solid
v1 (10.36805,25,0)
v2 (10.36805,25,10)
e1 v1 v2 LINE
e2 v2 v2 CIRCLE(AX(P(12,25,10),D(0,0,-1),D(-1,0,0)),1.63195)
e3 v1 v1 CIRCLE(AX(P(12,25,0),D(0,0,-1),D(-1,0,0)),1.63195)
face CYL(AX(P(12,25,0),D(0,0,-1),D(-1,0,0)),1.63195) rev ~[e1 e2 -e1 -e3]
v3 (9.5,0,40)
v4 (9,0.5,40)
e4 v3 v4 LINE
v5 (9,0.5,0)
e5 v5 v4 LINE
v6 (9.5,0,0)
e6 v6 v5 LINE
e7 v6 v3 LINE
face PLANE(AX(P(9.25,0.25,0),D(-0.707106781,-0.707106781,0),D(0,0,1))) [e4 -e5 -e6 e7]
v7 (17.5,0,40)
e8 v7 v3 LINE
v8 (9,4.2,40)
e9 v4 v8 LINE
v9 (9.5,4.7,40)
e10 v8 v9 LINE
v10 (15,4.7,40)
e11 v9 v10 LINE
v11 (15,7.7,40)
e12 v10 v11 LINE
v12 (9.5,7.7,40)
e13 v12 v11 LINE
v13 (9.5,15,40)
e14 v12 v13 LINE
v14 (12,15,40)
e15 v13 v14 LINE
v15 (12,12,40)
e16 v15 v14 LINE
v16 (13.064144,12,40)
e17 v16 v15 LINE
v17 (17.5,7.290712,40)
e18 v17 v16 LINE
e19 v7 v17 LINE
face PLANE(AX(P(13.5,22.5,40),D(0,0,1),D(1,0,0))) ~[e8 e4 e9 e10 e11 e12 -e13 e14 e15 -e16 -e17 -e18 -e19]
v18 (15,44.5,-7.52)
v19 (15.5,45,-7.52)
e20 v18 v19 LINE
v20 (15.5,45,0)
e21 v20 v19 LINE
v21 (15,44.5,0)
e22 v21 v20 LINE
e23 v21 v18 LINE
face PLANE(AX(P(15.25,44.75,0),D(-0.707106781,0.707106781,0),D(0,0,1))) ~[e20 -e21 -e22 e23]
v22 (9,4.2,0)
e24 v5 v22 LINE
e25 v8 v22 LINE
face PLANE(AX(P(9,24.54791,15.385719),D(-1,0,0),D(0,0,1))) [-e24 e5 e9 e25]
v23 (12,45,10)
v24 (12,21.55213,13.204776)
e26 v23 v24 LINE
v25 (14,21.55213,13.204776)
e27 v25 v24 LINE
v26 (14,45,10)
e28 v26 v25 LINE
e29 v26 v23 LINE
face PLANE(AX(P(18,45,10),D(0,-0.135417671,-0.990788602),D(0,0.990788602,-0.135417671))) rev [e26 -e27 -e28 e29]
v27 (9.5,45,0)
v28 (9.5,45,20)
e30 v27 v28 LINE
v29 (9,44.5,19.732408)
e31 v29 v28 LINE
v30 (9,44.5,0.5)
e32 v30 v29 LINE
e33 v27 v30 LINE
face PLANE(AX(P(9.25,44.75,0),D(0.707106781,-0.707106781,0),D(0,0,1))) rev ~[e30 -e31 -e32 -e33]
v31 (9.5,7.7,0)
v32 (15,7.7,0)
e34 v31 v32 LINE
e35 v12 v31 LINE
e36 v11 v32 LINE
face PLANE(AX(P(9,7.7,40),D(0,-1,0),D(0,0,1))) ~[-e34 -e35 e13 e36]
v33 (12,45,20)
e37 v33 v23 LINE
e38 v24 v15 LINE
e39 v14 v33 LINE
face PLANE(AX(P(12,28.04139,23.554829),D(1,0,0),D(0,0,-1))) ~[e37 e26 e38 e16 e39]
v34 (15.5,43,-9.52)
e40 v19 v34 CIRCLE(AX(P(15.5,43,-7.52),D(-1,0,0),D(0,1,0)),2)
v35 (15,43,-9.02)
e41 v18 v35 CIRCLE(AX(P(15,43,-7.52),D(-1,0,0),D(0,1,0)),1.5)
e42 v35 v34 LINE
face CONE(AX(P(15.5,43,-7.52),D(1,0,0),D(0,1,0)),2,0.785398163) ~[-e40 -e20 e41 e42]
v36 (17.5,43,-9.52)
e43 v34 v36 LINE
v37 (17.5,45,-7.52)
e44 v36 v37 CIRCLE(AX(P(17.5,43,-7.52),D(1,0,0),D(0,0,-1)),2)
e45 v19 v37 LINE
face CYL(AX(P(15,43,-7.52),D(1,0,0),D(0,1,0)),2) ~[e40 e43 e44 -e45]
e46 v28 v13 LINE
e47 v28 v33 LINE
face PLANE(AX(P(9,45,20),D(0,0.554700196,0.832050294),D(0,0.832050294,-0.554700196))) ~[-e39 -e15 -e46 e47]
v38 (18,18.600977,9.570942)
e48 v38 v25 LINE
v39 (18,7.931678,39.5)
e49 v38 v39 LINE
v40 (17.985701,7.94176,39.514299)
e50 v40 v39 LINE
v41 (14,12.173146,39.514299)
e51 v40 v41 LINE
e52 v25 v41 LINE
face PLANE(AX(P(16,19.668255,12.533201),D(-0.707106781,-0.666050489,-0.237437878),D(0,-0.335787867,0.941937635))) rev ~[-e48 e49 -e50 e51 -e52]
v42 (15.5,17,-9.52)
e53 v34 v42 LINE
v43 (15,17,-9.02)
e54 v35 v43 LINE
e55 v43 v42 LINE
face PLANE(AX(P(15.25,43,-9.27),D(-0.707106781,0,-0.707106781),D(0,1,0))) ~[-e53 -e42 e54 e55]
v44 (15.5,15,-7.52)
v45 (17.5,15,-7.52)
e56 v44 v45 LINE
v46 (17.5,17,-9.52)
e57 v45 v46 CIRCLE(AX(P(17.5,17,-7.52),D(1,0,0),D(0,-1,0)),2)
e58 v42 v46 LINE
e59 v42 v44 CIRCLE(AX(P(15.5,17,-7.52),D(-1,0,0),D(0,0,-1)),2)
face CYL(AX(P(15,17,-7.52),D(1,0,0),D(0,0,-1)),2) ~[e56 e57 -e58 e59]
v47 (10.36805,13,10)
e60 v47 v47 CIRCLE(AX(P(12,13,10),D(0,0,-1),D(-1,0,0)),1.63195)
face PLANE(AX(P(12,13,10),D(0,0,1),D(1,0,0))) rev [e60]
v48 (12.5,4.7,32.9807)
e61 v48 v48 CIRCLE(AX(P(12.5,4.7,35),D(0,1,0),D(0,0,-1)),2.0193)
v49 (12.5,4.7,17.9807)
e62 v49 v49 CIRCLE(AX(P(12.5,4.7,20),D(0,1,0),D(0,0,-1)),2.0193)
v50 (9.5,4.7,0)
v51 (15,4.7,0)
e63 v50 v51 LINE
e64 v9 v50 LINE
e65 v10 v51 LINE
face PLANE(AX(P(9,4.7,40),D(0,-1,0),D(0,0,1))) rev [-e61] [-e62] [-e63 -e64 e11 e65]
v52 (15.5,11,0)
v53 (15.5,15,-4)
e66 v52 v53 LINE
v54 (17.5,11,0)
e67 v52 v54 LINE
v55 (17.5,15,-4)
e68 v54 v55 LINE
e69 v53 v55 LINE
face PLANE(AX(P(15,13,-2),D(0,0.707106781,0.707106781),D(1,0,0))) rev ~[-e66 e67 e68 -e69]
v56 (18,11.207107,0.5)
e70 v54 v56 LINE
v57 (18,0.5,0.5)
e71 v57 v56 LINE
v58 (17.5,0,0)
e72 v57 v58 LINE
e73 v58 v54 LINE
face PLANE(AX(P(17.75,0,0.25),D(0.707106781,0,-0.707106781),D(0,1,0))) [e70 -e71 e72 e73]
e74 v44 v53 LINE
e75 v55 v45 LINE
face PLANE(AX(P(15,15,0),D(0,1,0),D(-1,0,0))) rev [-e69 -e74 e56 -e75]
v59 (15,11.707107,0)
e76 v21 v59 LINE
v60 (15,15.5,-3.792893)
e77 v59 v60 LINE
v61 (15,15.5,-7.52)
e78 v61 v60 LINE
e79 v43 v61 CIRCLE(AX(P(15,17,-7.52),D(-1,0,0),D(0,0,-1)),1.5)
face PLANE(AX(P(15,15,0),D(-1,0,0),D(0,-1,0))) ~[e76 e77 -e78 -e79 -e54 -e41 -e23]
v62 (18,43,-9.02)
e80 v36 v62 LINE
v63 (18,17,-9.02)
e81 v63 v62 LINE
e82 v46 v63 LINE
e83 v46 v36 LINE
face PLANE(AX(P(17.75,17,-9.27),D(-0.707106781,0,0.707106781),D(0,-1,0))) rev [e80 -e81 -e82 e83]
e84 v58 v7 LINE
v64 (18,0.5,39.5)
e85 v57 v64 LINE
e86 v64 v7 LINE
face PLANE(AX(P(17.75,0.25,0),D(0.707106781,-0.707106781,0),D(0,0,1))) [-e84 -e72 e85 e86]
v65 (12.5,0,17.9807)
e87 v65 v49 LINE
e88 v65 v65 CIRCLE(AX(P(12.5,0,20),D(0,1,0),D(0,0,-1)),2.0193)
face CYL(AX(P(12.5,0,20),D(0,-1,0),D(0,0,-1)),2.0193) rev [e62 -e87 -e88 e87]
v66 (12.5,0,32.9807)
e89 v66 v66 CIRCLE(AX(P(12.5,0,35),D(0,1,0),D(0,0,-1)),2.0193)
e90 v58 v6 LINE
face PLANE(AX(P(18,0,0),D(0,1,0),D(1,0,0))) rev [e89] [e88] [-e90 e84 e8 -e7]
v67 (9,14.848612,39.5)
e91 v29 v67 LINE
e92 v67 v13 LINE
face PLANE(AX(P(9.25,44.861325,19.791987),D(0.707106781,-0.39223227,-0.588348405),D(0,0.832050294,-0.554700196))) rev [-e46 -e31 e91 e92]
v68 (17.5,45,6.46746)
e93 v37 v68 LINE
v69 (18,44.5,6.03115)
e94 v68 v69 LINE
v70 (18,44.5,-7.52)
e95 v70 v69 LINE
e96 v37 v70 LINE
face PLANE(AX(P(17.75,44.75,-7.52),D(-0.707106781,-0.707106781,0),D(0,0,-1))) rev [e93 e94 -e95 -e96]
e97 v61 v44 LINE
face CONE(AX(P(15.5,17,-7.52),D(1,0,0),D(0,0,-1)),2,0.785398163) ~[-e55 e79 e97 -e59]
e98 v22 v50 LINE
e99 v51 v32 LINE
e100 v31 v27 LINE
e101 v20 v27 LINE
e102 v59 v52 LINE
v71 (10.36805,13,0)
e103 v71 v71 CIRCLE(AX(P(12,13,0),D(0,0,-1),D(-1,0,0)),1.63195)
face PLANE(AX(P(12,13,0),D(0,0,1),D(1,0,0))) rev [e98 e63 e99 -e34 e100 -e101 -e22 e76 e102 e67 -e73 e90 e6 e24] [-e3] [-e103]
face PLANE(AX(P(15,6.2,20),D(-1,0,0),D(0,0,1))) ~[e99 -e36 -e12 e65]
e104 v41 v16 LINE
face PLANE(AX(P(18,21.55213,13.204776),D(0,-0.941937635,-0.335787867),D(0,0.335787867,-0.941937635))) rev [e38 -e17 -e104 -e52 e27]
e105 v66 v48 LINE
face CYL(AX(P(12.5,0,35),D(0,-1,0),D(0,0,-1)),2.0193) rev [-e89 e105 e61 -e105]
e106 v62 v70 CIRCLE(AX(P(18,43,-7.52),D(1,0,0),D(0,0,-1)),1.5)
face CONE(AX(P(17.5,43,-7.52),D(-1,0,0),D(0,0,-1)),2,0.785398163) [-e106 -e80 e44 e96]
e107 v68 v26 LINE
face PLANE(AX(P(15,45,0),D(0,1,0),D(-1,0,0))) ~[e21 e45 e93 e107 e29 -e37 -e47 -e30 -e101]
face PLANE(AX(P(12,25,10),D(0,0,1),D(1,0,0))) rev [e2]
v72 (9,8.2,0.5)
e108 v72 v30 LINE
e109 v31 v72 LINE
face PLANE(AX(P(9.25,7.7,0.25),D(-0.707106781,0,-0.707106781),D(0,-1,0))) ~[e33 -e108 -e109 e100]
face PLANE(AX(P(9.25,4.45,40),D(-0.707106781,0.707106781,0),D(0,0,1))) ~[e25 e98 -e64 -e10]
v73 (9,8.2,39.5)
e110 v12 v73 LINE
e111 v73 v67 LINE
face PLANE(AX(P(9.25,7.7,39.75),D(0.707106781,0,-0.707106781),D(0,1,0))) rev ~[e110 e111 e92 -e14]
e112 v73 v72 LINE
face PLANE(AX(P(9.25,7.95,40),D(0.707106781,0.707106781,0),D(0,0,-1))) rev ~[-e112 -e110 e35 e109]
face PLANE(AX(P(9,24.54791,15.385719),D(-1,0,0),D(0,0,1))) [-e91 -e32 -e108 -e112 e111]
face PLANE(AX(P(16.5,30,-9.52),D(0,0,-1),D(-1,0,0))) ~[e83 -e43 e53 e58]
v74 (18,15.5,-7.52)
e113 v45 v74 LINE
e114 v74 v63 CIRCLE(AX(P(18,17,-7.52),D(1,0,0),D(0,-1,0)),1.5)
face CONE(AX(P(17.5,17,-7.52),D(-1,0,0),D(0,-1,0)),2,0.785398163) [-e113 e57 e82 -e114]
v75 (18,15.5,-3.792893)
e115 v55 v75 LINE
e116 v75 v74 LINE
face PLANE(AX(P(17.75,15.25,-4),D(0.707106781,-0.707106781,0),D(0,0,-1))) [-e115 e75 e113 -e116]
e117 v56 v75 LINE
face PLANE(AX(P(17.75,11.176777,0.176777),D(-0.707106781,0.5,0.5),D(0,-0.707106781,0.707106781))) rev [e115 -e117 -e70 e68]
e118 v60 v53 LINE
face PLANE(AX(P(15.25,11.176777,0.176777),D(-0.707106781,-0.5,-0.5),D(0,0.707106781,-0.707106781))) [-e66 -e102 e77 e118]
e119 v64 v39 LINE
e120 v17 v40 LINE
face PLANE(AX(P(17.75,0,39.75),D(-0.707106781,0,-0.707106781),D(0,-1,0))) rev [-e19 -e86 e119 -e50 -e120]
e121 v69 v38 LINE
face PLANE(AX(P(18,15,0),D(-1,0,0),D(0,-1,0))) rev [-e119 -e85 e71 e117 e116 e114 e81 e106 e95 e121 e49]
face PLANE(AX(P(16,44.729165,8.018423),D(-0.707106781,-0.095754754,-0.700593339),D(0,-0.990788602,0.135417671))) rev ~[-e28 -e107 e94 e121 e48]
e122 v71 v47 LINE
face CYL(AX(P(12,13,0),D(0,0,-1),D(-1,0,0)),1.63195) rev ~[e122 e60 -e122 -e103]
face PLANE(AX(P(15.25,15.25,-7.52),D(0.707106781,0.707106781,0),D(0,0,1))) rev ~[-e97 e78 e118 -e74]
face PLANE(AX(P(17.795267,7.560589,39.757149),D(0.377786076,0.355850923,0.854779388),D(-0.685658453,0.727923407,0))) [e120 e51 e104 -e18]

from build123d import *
from OCP.BRepFilletAPI import BRepFilletAPI_MakeChamfer

# Parameters (mm, degrees)
SKETCH1_W           = 9
SKETCH1_H           = 45
SKETCH1_R           = 1.63195
BOSS_EXTRUDE1_DEPTH = 40
SKETCH1_3_R         = 1.63195
CUT_EXTRUDE1_DEPTH  = 10
SKETCH2_W           = 40
SKETCH2_H           = 3
CUT_EXTRUDE2_DEPTH  = 6
CUT_EXTRUDE3_DEPTH  = 9
CUT_EXTRUDE4_DEPTH  = 6
CHAMFER2_SIZE       = 4
SKETCH6_R           = 2.0193
CUT_EXTRUDE5_DEPTH  = 6
SKETCH7_W           = 3
SKETCH7_H           = 30
BOSS_EXTRUDE3_DEPTH = 9.52
CHAMFER3_SIZE       = 4
FILLET1_R           = 2
CHAMFER4_SIZE       = 0.5
CHAMFER4_SIZE2      = 0.681231536
SKETCH8_W           = 73.765636672
SKETCH8_H           = 62.769253432
CUT_EXTRUDE6_DEPTH  = 9


with BuildPart() as part:
    # Sketch1 → Boss-Extrude1 (new body)
    # profile 1 of 3: a face of its own
    with BuildSketch(Plane.XY):
        with Locations((4.5, 22.5)):
            Rectangle(SKETCH1_W, SKETCH1_H)
        with Locations((6, 13)):
            Circle(SKETCH1_R, mode=Mode.SUBTRACT)
        with Locations((6, 25)):
            Circle(SKETCH1_R, mode=Mode.SUBTRACT)
    # profile 2 of 3: a face of its own
    with BuildSketch(Plane.XY):
        with Locations((6, 25)):
            Circle(SKETCH1_R)
    # profile 3 of 3: a face of its own
    with BuildSketch(Plane.XY):
        with Locations((6, 13)):
            Circle(SKETCH1_R)
    extrude(amount=BOSS_EXTRUDE1_DEPTH)

    # Sketch1<3> → Cut-Extrude1 (cut)
    with BuildSketch(Plane.XY):
        with Locations((6, 25)):
            Circle(SKETCH1_3_R)
        with Locations((6, 13)):
            Circle(SKETCH1_3_R)
    extrude(amount=CUT_EXTRUDE1_DEPTH, mode=Mode.SUBTRACT)

    # Sketch2 → Cut-Extrude2 (cut)
    with BuildSketch(Plane(origin=(9, 0, 0), x_dir=(0, 0, -1), z_dir=(1, 0, 0))):
        with Locations((-20, 6.2)):
            Rectangle(SKETCH2_W, SKETCH2_H)
    extrude(amount=-CUT_EXTRUDE2_DEPTH, mode=Mode.SUBTRACT)

    # Sketch3 → Cut-Extrude3 (cut)
    with BuildSketch(Plane(origin=(9, 0, 0), x_dir=(0, 0, -1), z_dir=(1, 0, 0))):
        Polygon((-20, 45), (-40, 15), (-48.379363257, 51.913157268), align=None)
    extrude(amount=-CUT_EXTRUDE3_DEPTH, mode=Mode.SUBTRACT)

    # Sketch5 → Cut-Extrude4 (cut)
    with BuildSketch(Plane.ZY):
        Polygon((20, 45), (10, 45), (13.204776383, 21.55213026), (40, 12), (40, 15), align=None)
    extrude(amount=-CUT_EXTRUDE4_DEPTH, mode=Mode.SUBTRACT)

    # Chamfer2
    chamfer2_edges = [part.edges().sort_by_distance(p)[0] for p in [
        (0, 33.27606513, 11.602388192),
        (0, 16.77606513, 26.602388192),
    ]]
    chamfer(chamfer2_edges, length=CHAMFER2_SIZE)

    # Sketch6 → Cut-Extrude5 (cut)
    with BuildSketch(Plane.XZ):
        with Locations(Location((5.5, 35, 0), (0, 0, 270))):
            Circle(SKETCH6_R)
        with Locations(Location((5.5, 20, 0), (0, 0, 270))):
            Circle(SKETCH6_R)
    extrude(amount=-CUT_EXTRUDE5_DEPTH, mode=Mode.SUBTRACT)

    # Sketch7 → Boss-Extrude3 (add)
    with BuildSketch(Plane(origin=(0, 0, 0), x_dir=(-1, 0, 0), z_dir=(0, 0, -1))):
        with Locations((-1.5, 30)):
            Rectangle(SKETCH7_W, SKETCH7_H)
    extrude(amount=BOSS_EXTRUDE3_DEPTH)

    # Chamfer3
    chamfer3_edges = [part.edges().sort_by_distance(p)[0] for p in [
        (1.5, 15, 0),
    ]]
    chamfer(chamfer3_edges, length=CHAMFER3_SIZE)

    # Fillet1
    fillet1_edges = [part.edges().sort_by_distance(p)[0] for p in [
        (1.5, 45, -9.52),
        (1.5, 15, -9.52),
    ]]
    fillet(fillet1_edges, radius=FILLET1_R)

    # Chamfer4: one chamfer whose edges measure the first distance from different faces: ONE call of the kernel's chamfer builder (chamfer() names one face for all edges)
    chamfer4_edges_1 = [part.edges().sort_by_distance(p)[0] for p in [
        (3, 45, -3.76),
        (3, 44.414213562, -8.934213562),
        (3, 15, -5.76),
        (3, 30, -9.52),
        (3, 15.585786438, -8.934213562),
        (3, 13, -2),
        (9, 7.7, 20),
        (9, 4.7, 20),
        (0, 3.876717178, 40),
        (0, 0, 20),
        (0, 5.5, 0),
        (0, 13, -2),
        (0, 15, -5.76),
        (0, 45, -0.778594073),
        (0, 15.585786438, -8.934213562),
        (0, 44.414213562, -8.934213562),
        (0, 30, -9.52),
        (9, 0, 20),
        (9, 11.35, 40),
        (9, 30, 30),
        (9, 45, 10),
        (9, 26.35, 0),
    ]]
    chamfer4_edges_2 = [part.edges().sort_by_distance(p)[0] for p in [
        (2, 9.876717178, 40),
    ]]
    chamfer4_side_2 = [part.faces().sort_by_distance(p)[0] for p in [
        (1.957665589, 14.938546455, 25.674700071),
    ]]
    chamfer4 = BRepFilletAPI_MakeChamfer(part.part.solid().wrapped)
    for e in chamfer4_edges_1:
        chamfer4.Add(CHAMFER4_SIZE, e.wrapped)
    for e in chamfer4_edges_2:
        chamfer4.Add(CHAMFER4_SIZE, CHAMFER4_SIZE2, e.wrapped, chamfer4_side_2[0].wrapped)  # the first distance lies on this face
    add(Compound.cast(chamfer4.Shape()), mode=Mode.REPLACE)

    # Mirror1: part across plane


with BuildPart() as part_1:
    add(part.part)
    add(part.part.mirror(Plane(origin=(9, 0, 40), x_dir=(0, 0, 1), z_dir=(-1, 0, 0))))

    # Sketch8 → Cut-Extrude6 (cut)
    with BuildSketch(Plane.ZY):
        with Locations((15.385718854, 24.547909709)):
            Rectangle(SKETCH8_W, SKETCH8_H)
    extrude(amount=-CUT_EXTRUDE6_DEPTH, mode=Mode.SUBTRACT)


solid = part_1.part
